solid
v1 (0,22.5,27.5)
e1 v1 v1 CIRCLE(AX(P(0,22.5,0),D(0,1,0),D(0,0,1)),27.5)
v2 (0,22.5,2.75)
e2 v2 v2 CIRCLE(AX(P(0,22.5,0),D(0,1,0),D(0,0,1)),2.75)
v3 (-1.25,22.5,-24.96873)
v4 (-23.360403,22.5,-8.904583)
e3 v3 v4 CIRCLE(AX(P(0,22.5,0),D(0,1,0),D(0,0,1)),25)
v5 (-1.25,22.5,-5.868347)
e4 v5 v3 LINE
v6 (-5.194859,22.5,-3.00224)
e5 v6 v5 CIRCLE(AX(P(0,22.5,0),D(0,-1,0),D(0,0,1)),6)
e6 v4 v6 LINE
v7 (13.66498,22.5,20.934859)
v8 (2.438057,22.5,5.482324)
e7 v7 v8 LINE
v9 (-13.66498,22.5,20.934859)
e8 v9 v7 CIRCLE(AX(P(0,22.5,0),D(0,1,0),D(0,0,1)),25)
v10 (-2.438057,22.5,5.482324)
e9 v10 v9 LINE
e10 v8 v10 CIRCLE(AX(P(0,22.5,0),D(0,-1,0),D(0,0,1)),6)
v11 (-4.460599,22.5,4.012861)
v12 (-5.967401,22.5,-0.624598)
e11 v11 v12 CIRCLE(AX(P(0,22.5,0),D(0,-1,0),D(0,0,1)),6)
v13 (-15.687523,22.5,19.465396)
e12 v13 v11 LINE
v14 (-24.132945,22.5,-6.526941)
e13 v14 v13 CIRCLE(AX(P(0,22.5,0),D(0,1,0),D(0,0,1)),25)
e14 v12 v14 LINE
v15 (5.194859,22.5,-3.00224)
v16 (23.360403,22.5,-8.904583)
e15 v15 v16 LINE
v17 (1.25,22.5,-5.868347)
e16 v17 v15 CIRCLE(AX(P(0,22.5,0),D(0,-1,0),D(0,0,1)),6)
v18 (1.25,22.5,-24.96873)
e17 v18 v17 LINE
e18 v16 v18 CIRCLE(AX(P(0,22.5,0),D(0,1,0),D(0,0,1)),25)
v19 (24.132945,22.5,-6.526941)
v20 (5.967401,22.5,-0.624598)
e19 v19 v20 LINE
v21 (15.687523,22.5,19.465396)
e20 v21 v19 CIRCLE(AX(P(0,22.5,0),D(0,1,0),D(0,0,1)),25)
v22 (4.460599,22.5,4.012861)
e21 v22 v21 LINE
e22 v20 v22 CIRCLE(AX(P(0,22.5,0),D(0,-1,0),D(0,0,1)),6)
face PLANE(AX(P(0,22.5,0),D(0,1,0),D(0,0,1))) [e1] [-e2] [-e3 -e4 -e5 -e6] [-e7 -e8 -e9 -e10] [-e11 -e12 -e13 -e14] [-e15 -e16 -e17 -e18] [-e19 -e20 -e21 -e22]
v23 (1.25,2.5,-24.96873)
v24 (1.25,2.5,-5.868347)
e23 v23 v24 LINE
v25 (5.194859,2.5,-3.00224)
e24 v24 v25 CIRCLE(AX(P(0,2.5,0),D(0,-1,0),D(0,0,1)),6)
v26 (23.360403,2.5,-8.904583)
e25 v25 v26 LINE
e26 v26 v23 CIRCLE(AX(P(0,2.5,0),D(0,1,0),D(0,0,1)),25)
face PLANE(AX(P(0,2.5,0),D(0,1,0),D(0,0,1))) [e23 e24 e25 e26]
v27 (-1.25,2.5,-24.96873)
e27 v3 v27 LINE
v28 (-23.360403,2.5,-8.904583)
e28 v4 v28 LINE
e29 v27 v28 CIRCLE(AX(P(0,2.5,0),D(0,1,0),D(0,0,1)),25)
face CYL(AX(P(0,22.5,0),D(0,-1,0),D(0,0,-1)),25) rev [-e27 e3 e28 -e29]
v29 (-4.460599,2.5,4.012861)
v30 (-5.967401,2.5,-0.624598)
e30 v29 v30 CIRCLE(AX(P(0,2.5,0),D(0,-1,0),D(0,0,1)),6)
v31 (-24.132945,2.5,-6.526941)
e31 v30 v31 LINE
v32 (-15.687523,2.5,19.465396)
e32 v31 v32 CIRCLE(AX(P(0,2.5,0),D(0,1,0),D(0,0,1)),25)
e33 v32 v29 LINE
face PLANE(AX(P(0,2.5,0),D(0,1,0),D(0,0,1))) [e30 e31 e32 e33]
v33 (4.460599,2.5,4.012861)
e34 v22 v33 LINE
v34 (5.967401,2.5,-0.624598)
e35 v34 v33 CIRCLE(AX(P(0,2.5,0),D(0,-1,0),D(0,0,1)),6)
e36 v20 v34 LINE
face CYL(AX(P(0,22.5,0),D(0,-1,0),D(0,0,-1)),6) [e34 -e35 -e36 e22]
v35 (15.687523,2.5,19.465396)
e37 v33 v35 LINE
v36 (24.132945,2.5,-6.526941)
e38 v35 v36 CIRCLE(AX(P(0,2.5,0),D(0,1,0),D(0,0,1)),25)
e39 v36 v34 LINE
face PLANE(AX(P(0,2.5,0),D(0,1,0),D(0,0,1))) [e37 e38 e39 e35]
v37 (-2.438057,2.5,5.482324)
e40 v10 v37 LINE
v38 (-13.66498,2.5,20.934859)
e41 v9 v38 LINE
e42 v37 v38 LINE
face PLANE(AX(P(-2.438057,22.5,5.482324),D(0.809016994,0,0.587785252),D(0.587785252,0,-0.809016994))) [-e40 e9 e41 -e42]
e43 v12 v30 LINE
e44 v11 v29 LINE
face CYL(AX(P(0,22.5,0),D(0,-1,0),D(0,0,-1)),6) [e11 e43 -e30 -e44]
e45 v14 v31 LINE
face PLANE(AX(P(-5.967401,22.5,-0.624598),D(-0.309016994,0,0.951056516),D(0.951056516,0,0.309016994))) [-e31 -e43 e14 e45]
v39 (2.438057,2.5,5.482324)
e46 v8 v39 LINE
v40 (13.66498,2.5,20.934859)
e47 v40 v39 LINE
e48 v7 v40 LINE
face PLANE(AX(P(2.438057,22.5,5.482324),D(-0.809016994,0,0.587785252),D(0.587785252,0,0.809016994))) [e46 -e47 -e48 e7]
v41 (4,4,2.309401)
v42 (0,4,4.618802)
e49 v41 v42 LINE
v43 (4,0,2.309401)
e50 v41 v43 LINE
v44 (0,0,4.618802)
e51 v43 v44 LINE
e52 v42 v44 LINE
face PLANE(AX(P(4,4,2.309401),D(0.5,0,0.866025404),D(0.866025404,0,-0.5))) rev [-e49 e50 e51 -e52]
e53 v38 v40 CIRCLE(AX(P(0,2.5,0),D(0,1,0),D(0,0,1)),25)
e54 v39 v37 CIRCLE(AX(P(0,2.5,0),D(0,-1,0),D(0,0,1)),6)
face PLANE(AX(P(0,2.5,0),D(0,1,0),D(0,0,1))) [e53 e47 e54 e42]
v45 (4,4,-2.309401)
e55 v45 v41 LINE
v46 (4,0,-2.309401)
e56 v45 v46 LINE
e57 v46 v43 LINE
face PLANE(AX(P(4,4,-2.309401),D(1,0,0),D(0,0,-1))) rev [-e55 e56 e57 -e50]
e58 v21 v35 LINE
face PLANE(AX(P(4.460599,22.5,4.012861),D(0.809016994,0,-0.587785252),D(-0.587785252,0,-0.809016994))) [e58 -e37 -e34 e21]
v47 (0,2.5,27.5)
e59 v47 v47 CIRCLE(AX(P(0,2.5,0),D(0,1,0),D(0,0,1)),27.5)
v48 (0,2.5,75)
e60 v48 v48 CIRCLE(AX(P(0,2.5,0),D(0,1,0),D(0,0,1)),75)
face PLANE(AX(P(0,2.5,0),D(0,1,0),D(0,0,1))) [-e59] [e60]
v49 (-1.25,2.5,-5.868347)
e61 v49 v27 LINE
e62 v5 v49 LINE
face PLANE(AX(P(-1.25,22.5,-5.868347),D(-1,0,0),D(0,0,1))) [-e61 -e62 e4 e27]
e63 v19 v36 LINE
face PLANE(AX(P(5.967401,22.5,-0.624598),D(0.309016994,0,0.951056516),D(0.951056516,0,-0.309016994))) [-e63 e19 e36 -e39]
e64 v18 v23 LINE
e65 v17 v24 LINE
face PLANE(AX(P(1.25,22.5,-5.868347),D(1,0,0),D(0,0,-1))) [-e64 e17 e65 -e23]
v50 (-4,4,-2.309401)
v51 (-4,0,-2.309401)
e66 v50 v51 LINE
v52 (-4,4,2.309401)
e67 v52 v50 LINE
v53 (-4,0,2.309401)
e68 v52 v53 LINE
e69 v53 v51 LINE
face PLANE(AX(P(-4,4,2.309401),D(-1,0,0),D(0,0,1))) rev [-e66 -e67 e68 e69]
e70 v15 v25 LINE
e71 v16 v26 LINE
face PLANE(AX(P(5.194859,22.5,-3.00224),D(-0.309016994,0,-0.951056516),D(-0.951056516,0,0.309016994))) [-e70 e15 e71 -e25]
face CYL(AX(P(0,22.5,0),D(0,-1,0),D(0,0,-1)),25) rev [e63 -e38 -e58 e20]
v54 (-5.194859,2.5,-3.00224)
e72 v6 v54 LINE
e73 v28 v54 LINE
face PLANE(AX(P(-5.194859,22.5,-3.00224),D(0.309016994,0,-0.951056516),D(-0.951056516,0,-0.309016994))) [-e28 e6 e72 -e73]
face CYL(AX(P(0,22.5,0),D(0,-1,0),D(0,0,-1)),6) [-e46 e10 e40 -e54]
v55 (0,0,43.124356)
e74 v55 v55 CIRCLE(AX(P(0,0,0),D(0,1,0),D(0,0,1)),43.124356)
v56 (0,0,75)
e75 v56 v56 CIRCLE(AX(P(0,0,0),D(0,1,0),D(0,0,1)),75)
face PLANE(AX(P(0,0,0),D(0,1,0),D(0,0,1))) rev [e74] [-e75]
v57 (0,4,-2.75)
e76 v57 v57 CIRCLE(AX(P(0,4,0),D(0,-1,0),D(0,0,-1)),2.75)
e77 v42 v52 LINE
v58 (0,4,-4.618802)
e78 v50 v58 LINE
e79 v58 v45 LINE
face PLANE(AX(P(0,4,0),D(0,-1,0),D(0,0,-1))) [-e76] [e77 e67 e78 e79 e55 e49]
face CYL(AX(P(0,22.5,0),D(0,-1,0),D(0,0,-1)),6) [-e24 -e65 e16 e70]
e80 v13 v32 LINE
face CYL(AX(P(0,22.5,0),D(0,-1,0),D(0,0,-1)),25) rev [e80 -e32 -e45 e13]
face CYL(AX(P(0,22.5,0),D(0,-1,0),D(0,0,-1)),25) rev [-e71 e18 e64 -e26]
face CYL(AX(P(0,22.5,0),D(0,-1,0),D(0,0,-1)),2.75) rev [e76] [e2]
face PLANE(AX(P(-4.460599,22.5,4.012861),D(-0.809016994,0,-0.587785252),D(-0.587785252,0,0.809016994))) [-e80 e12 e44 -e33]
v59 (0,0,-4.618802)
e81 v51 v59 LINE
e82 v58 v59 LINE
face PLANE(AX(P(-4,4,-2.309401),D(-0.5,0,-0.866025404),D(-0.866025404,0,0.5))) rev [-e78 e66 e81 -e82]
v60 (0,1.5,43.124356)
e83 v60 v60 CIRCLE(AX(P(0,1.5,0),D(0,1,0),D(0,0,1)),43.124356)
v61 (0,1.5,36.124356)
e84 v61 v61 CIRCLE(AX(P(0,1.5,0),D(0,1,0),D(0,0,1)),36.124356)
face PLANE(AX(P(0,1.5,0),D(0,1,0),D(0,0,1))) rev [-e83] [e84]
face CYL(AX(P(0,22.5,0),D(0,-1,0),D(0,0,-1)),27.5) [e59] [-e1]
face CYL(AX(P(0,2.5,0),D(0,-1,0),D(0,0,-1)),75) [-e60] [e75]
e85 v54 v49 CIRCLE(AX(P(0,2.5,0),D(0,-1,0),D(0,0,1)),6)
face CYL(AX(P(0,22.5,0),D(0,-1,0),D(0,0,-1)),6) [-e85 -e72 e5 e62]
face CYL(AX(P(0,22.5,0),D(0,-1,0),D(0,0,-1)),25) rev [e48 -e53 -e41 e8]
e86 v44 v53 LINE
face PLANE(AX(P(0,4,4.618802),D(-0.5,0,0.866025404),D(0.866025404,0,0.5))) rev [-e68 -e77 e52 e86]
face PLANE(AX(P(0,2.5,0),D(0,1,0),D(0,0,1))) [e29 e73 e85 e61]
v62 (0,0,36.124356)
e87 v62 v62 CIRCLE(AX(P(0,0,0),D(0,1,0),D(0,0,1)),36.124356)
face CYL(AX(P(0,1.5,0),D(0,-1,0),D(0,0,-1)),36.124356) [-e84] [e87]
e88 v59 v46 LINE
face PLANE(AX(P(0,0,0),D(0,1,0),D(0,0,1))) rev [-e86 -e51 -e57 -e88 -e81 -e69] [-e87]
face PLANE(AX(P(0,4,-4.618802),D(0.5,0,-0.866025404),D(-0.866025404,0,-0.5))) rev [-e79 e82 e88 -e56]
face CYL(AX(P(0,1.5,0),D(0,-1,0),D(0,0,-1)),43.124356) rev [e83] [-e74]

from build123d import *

# Parameters (mm, degrees)
SKETCH1_R           = 36.124355653
BOSS_EXTRUDE1_DEPTH = 1.5
SKETCH3_R           = 75
SKETCH3_R_2         = 43.124355653
BOSS_EXTRUDE2_DEPTH = 1.5
SKETCH4_R           = 75
BOSS_EXTRUDE3_DEPTH = 1
SKETCH5_R           = 27.5
SKETCH5_R_2         = 2.75
BOSS_EXTRUDE4_DEPTH = 20
CUT_EXTRUDE1_DEPTH  = 4


with BuildPart() as part:
    # Sketch1 → Boss-Extrude1 (new body)
    with BuildSketch(Plane(origin=(0, 0, 0), x_dir=(1, 0, 0), z_dir=(0, 1, 0))):
        with Locations(Location((0, 0, 0), (0, 0, 270))):
            Circle(SKETCH1_R)
    extrude(amount=BOSS_EXTRUDE1_DEPTH)



with BuildPart() as body_2:
    # Sketch3 → Boss-Extrude2 (new body)
    with BuildSketch(Plane(origin=(0, 0, 0), x_dir=(1, 0, 0), z_dir=(0, 1, 0))):
        with Locations(Location((0, 0, 0), (0, 0, 270))):
            Circle(SKETCH3_R)
        with Locations(Location((0, 0, 0), (0, 0, 270))):
            Circle(SKETCH3_R_2, mode=Mode.SUBTRACT)
    extrude(amount=BOSS_EXTRUDE2_DEPTH)


with BuildPart() as part_1:
    add(part.part)

    add(body_2.part)  # Boss-Extrude3 merges body 2
    # Sketch4 → Boss-Extrude3 (add)
    with BuildSketch(Plane(origin=(0, 1.5, 0), x_dir=(1, 0, 0), z_dir=(0, 1, 0))):
        with Locations(Location((0, 0, 0), (0, 0, 270))):
            Circle(SKETCH4_R)
    extrude(amount=BOSS_EXTRUDE3_DEPTH)

    # Sketch5 → Boss-Extrude4 (add)
    with BuildSketch(Plane(origin=(0, 2.5, 0), x_dir=(1, 0, 0), z_dir=(0, 1, 0))):
        with Locations(Location((0, 0, 0), (0, 0, 270))):
            Circle(SKETCH5_R)
        with Locations(Location((0, 0, 0), (0, 0, 270))):
            Circle(SKETCH5_R_2, mode=Mode.SUBTRACT)
        with BuildLine():
            Line((-1.25, 5.868347297), (-1.25, 24.968730444))
            ThreePointArc((-1.25, 24.968730444), (-14.694631307, 20.225424859), (-23.36040255, 8.904582681))
            Line((-23.36040255, 8.904582681), (-5.194858694, 3.002239689))
            ThreePointArc((-5.194858694, 3.002239689), (-3.526711514, 4.854101966), (-1.25, 5.868347297))
        make_face(mode=Mode.SUBTRACT)
        with BuildLine():
            Line((1.25, 5.868347297), (1.25, 24.968730444))
            ThreePointArc((1.25, 24.968730444), (14.694631307, 20.225424859), (23.36040255, 8.904582681))
            Line((23.36040255, 8.904582681), (5.194858694, 3.002239689))
            ThreePointArc((5.194858694, 3.002239689), (3.526711514, 4.854101966), (1.25, 5.868347297))
        make_face(mode=Mode.SUBTRACT)
        with BuildLine():
            Line((5.96740118, 0.624598398), (24.132945036, 6.52694139))
            ThreePointArc((24.132945036, 6.52694139), (23.776412907, -7.725424859), (15.687522767, -19.465395692))
            Line((15.687522767, -19.465395692), (4.46059924, -4.012861127))
            ThreePointArc((4.46059924, -4.012861127), (5.706339098, -1.854101966), (5.96740118, 0.624598398))
        make_face(mode=Mode.SUBTRACT)
        with BuildLine():
            Line((2.438056754, -5.482324258), (13.664980281, -20.934858823))
            ThreePointArc((13.664980281, -20.934858823), (0, -25), (-13.664980281, -20.934858823))
            Line((-13.664980281, -20.934858823), (-2.438056754, -5.482324258))
            ThreePointArc((-2.438056754, -5.482324258), (0, -6), (2.438056754, -5.482324258))
        make_face(mode=Mode.SUBTRACT)
        with BuildLine():
            Line((-4.46059924, -4.012861127), (-15.687522767, -19.465395692))
            ThreePointArc((-15.687522767, -19.465395692), (-23.776412907, -7.725424859), (-24.132945036, 6.52694139))
            Line((-24.132945036, 6.52694139), (-5.96740118, 0.624598398))
            ThreePointArc((-5.96740118, 0.624598398), (-5.706339098, -1.854101966), (-4.46059924, -4.012861127))
        make_face(mode=Mode.SUBTRACT)
    extrude(amount=BOSS_EXTRUDE4_DEPTH)

    # Sketch6 → Cut-Extrude1 (cut)
    with BuildSketch(Plane.XZ):
        Polygon((-4, 2.309401077), (-4, -2.309401077), (0, -4.618802154), (4, -2.309401077), (4, 2.309401077), (0, 4.618802154), align=None)
    extrude(amount=-CUT_EXTRUDE1_DEPTH, mode=Mode.SUBTRACT)


solid = part_1.part
